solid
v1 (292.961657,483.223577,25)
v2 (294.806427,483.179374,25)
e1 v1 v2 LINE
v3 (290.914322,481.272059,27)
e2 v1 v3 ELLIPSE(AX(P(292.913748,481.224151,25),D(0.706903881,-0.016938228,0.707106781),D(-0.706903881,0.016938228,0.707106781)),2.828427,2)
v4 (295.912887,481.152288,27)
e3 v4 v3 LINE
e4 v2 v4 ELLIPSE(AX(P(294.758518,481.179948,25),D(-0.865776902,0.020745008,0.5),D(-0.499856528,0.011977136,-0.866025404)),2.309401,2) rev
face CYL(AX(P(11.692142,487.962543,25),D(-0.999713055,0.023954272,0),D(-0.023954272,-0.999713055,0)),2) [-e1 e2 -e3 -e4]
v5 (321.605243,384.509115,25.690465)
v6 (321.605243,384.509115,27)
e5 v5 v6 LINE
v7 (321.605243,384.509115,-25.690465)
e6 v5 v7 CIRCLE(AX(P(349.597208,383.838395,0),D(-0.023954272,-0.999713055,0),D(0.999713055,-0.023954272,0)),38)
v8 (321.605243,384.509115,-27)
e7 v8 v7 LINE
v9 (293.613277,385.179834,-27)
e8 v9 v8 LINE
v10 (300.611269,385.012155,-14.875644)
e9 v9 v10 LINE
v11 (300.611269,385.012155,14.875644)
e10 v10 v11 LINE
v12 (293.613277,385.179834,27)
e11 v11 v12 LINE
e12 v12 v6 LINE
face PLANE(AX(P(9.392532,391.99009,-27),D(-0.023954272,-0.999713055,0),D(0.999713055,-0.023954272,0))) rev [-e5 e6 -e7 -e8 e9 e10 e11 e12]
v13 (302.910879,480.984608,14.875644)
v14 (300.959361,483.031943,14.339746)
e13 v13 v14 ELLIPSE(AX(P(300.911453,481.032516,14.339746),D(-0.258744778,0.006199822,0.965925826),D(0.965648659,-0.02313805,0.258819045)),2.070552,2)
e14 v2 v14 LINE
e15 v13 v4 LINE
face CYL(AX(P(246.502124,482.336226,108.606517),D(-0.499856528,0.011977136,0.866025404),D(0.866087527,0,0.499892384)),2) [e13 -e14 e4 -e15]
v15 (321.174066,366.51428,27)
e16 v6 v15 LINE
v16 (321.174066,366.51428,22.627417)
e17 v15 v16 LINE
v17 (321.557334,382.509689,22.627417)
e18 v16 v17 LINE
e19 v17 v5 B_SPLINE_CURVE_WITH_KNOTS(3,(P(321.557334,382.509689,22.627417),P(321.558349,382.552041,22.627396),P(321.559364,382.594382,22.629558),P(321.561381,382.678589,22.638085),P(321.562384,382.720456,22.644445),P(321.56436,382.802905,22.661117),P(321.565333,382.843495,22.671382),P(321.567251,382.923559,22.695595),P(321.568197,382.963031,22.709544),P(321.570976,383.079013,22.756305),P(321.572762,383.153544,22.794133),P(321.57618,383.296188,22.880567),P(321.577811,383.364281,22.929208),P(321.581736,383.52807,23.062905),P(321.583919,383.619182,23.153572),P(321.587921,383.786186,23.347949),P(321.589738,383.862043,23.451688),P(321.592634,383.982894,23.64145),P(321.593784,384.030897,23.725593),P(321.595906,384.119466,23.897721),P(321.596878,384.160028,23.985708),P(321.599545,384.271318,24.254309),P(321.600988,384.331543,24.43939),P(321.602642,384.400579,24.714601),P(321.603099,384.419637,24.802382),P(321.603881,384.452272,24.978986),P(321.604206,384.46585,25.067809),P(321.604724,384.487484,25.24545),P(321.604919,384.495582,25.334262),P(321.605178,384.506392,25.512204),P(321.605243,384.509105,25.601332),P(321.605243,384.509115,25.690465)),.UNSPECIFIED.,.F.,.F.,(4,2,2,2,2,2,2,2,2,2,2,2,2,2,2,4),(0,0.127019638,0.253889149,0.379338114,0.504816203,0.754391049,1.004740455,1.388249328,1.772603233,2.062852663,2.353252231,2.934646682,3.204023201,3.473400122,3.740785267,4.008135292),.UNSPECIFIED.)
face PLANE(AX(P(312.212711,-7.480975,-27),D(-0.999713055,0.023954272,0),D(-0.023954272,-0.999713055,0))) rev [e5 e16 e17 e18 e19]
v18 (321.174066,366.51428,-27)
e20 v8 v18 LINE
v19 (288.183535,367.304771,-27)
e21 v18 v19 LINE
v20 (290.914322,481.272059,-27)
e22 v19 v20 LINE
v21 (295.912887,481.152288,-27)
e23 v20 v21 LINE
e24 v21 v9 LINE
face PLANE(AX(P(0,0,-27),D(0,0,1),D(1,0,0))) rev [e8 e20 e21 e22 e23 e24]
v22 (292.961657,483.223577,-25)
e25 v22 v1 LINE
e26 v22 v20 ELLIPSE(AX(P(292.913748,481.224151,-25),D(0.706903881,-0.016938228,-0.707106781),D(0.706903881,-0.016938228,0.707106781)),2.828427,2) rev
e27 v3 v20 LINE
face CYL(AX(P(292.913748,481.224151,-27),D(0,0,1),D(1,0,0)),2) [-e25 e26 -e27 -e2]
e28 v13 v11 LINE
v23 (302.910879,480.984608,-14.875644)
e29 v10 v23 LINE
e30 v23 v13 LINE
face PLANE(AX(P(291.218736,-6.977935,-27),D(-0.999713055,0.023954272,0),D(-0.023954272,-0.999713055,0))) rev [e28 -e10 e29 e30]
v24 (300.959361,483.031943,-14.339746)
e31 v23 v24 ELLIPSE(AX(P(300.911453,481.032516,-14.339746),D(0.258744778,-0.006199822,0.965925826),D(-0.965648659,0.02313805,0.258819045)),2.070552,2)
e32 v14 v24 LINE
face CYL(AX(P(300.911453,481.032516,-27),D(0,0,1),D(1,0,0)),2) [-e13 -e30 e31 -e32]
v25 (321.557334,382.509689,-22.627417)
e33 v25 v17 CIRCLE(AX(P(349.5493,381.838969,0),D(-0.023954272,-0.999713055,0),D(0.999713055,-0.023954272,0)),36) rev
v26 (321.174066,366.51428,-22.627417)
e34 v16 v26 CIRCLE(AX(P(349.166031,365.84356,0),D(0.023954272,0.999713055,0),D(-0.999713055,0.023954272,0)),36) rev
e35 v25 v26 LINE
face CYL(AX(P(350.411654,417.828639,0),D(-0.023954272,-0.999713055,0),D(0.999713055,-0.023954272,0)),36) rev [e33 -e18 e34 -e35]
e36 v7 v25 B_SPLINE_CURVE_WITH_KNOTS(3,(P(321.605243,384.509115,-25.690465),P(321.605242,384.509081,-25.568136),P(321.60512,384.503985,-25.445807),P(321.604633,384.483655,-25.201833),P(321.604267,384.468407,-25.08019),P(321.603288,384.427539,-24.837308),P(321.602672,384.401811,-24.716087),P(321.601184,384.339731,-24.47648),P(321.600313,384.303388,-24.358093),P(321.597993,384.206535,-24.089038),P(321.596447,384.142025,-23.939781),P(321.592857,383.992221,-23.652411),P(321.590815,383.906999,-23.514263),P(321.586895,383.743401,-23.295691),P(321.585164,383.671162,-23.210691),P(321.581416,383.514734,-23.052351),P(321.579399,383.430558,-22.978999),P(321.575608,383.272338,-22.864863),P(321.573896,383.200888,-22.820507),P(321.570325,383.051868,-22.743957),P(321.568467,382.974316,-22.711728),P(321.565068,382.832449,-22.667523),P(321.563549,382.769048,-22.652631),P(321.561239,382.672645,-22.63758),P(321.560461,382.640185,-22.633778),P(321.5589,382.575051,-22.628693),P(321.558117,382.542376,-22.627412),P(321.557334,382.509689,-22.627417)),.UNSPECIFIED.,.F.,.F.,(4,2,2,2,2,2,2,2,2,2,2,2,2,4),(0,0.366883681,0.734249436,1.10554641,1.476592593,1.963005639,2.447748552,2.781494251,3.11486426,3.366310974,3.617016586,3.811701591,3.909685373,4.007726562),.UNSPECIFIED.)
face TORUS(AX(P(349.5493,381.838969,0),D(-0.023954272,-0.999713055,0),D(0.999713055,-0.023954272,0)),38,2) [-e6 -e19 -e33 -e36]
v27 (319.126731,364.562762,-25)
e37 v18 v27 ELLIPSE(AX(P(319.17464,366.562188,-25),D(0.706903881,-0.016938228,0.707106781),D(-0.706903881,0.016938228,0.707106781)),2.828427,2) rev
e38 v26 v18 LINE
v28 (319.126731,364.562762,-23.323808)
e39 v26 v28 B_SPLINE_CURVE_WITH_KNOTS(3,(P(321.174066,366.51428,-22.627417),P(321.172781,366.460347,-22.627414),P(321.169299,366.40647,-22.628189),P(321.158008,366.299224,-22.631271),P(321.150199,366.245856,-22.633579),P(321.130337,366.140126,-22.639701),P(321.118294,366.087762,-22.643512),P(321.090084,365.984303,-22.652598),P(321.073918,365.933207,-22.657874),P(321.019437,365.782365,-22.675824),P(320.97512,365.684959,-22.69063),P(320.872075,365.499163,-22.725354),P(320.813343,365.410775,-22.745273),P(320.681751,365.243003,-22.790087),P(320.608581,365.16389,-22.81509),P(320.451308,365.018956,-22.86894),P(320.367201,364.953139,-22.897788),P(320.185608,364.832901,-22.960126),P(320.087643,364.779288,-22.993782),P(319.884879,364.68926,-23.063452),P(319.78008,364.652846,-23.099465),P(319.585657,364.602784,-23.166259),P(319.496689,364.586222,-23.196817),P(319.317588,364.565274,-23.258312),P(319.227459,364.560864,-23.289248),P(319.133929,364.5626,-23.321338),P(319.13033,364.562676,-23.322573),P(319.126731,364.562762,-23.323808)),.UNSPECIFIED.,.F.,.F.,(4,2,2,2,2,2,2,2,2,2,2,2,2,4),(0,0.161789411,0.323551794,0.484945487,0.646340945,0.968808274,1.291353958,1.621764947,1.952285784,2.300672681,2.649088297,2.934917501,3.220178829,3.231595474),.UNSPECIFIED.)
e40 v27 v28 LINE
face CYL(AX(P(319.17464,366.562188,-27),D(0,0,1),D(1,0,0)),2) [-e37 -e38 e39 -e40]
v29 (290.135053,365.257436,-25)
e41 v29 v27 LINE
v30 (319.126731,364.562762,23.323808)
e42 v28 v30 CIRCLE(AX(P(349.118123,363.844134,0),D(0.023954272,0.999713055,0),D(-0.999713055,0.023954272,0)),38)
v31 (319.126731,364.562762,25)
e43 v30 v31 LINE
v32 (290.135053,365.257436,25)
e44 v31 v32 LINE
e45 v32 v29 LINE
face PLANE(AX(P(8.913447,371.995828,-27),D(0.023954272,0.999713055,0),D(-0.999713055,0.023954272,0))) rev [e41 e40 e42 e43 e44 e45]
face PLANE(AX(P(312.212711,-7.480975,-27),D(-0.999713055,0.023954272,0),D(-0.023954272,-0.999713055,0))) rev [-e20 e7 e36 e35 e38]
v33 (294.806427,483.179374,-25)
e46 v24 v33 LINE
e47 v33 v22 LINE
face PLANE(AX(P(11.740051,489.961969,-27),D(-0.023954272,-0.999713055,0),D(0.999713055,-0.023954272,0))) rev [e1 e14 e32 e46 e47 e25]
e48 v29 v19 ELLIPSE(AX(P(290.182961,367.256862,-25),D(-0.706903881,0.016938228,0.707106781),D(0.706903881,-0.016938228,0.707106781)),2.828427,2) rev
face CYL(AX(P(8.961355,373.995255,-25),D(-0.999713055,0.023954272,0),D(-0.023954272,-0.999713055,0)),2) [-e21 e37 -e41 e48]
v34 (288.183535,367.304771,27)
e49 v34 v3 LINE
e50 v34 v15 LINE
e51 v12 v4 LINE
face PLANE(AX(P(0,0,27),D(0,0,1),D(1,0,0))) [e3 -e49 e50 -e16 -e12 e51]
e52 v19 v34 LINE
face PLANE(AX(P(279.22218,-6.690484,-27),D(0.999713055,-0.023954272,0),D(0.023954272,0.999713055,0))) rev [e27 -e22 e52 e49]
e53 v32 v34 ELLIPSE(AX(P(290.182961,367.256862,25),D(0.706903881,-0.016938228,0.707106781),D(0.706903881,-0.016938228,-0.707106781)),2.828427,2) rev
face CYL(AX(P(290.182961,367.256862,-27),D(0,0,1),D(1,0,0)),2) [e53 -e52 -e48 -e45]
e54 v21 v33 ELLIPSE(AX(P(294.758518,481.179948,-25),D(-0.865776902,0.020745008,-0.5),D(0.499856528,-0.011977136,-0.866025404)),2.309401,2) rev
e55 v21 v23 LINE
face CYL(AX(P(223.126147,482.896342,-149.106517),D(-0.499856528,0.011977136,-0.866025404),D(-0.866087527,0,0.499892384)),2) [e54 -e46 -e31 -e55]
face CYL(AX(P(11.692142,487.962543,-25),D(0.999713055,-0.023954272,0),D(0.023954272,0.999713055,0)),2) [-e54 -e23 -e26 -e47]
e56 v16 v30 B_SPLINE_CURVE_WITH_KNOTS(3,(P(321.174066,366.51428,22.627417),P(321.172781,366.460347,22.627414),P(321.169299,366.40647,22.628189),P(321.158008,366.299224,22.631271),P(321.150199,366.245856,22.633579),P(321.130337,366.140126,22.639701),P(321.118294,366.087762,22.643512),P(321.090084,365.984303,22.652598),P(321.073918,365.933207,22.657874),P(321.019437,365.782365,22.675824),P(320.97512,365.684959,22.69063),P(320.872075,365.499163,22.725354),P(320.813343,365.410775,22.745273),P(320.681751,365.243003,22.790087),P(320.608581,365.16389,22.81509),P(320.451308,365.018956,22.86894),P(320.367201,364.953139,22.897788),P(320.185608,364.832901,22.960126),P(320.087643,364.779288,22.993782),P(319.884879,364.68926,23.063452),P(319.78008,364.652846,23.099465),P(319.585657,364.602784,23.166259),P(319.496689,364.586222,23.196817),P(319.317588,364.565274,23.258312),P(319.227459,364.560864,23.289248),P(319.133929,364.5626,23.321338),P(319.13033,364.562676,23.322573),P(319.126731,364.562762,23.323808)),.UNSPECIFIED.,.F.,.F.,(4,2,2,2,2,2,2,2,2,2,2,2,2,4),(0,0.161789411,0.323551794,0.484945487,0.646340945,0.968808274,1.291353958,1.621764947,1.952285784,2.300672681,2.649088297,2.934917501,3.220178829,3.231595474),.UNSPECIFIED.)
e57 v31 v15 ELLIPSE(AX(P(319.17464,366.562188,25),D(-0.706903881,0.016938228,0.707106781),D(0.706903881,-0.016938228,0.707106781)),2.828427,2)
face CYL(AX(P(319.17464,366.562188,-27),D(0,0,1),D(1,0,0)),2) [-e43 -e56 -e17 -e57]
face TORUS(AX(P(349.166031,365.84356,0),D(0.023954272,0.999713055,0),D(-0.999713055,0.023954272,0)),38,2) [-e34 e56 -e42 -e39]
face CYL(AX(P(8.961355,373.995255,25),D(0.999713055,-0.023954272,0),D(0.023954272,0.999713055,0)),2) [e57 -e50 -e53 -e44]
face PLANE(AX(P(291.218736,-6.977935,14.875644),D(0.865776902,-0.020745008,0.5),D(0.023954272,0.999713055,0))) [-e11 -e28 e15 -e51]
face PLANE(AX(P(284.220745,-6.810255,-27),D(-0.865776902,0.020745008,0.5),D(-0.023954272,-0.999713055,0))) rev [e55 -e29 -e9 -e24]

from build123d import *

# Parameters (mm, degrees)
BOSS_EXTRUDE1_DEPTH = 27
SKETCH2_R           = 36
CUT_EXTRUDE1_DEPTH  = 54
CHAMFER1_SIZE       = 7
CHAMFER1_SIZE2      = 12.124355653
CHAMFER2_SIZE       = 7
CHAMFER2_SIZE2      = 12.124355653
FILLET1_R           = 2


with BuildPart() as part:
    # Sketch1 → Boss-Extrude1 (new body, symmetric)
    with BuildSketch(Plane.XY):
        Polygon((302.95878724, 482.984033971), (300.611268609, 385.012154555), (321.60524277, 384.509114849), (321.126157335, 364.514853743), (288.135626511, 365.305344711), (288.614711888, 385.299603421), (290.962230577, 483.271485232), align=None)
    extrude(amount=BOSS_EXTRUDE1_DEPTH, both=True)

    # Sketch2 → Cut-Extrude1 (cut)
    with BuildSketch(Plane(origin=(8.913446831, 371.99582848, 0), x_dir=(0.999713055, -0.023954272, 0), z_dir=(-0.023954272, -0.999713055, 0))):
        with Locations((340.302324012, 0)):
            Circle(SKETCH2_R)
    extrude(amount=-CUT_EXTRUDE1_DEPTH, mode=Mode.SUBTRACT)

    # Chamfer1
    chamfer1_edges = [part.edges().sort_by_distance(p)[0] for p in [
        (301.785027925, 433.998094263, 27),
    ]]
    chamfer1_side = [part.faces().sort_by_distance(p)[0] for p in [
        (299.052126571, 412.848339787, 27),
    ]]
    chamfer(chamfer1_edges, length=CHAMFER1_SIZE, length2=CHAMFER1_SIZE2, reference=chamfer1_side[0])

    # Chamfer2
    chamfer2_edges = [part.edges().sort_by_distance(p)[0] for p in [
        (301.785027925, 433.998094263, -27),
    ]]
    chamfer2_side = [part.faces().sort_by_distance(p)[0] for p in [
        (299.052126571, 412.848339787, -27),
    ]]
    chamfer(chamfer2_edges, length=CHAMFER2_SIZE, length2=CHAMFER2_SIZE2, reference=chamfer2_side[0])

    # Fillet1
    fillet1_edges = [part.edges().sort_by_distance(p)[0] for p in [
        (321.126157335, 364.514853743, -24.813708499),
        (288.135626511, 365.305344711, 0),
        (290.962230577, 483.271485232, 0),
        (304.630891923, 364.910099227, -27),
        (321.126157335, 364.514853743, 24.813708499),
        (313.128452892, 364.706487917, 0),
        (313.607538327, 384.700749023, 0),
        (299.459791547, 483.067873922, 20.937822174),
        (302.95878724, 482.984033971, 0),
        (299.459791547, 483.067873922, -20.937822174),
        (304.630891923, 364.910099227, 27),
        (293.461513215, 483.211599553, -27),
        (293.461513215, 483.211599553, 27),
    ]]
    fillet(fillet1_edges, radius=FILLET1_R)


solid = part.part
